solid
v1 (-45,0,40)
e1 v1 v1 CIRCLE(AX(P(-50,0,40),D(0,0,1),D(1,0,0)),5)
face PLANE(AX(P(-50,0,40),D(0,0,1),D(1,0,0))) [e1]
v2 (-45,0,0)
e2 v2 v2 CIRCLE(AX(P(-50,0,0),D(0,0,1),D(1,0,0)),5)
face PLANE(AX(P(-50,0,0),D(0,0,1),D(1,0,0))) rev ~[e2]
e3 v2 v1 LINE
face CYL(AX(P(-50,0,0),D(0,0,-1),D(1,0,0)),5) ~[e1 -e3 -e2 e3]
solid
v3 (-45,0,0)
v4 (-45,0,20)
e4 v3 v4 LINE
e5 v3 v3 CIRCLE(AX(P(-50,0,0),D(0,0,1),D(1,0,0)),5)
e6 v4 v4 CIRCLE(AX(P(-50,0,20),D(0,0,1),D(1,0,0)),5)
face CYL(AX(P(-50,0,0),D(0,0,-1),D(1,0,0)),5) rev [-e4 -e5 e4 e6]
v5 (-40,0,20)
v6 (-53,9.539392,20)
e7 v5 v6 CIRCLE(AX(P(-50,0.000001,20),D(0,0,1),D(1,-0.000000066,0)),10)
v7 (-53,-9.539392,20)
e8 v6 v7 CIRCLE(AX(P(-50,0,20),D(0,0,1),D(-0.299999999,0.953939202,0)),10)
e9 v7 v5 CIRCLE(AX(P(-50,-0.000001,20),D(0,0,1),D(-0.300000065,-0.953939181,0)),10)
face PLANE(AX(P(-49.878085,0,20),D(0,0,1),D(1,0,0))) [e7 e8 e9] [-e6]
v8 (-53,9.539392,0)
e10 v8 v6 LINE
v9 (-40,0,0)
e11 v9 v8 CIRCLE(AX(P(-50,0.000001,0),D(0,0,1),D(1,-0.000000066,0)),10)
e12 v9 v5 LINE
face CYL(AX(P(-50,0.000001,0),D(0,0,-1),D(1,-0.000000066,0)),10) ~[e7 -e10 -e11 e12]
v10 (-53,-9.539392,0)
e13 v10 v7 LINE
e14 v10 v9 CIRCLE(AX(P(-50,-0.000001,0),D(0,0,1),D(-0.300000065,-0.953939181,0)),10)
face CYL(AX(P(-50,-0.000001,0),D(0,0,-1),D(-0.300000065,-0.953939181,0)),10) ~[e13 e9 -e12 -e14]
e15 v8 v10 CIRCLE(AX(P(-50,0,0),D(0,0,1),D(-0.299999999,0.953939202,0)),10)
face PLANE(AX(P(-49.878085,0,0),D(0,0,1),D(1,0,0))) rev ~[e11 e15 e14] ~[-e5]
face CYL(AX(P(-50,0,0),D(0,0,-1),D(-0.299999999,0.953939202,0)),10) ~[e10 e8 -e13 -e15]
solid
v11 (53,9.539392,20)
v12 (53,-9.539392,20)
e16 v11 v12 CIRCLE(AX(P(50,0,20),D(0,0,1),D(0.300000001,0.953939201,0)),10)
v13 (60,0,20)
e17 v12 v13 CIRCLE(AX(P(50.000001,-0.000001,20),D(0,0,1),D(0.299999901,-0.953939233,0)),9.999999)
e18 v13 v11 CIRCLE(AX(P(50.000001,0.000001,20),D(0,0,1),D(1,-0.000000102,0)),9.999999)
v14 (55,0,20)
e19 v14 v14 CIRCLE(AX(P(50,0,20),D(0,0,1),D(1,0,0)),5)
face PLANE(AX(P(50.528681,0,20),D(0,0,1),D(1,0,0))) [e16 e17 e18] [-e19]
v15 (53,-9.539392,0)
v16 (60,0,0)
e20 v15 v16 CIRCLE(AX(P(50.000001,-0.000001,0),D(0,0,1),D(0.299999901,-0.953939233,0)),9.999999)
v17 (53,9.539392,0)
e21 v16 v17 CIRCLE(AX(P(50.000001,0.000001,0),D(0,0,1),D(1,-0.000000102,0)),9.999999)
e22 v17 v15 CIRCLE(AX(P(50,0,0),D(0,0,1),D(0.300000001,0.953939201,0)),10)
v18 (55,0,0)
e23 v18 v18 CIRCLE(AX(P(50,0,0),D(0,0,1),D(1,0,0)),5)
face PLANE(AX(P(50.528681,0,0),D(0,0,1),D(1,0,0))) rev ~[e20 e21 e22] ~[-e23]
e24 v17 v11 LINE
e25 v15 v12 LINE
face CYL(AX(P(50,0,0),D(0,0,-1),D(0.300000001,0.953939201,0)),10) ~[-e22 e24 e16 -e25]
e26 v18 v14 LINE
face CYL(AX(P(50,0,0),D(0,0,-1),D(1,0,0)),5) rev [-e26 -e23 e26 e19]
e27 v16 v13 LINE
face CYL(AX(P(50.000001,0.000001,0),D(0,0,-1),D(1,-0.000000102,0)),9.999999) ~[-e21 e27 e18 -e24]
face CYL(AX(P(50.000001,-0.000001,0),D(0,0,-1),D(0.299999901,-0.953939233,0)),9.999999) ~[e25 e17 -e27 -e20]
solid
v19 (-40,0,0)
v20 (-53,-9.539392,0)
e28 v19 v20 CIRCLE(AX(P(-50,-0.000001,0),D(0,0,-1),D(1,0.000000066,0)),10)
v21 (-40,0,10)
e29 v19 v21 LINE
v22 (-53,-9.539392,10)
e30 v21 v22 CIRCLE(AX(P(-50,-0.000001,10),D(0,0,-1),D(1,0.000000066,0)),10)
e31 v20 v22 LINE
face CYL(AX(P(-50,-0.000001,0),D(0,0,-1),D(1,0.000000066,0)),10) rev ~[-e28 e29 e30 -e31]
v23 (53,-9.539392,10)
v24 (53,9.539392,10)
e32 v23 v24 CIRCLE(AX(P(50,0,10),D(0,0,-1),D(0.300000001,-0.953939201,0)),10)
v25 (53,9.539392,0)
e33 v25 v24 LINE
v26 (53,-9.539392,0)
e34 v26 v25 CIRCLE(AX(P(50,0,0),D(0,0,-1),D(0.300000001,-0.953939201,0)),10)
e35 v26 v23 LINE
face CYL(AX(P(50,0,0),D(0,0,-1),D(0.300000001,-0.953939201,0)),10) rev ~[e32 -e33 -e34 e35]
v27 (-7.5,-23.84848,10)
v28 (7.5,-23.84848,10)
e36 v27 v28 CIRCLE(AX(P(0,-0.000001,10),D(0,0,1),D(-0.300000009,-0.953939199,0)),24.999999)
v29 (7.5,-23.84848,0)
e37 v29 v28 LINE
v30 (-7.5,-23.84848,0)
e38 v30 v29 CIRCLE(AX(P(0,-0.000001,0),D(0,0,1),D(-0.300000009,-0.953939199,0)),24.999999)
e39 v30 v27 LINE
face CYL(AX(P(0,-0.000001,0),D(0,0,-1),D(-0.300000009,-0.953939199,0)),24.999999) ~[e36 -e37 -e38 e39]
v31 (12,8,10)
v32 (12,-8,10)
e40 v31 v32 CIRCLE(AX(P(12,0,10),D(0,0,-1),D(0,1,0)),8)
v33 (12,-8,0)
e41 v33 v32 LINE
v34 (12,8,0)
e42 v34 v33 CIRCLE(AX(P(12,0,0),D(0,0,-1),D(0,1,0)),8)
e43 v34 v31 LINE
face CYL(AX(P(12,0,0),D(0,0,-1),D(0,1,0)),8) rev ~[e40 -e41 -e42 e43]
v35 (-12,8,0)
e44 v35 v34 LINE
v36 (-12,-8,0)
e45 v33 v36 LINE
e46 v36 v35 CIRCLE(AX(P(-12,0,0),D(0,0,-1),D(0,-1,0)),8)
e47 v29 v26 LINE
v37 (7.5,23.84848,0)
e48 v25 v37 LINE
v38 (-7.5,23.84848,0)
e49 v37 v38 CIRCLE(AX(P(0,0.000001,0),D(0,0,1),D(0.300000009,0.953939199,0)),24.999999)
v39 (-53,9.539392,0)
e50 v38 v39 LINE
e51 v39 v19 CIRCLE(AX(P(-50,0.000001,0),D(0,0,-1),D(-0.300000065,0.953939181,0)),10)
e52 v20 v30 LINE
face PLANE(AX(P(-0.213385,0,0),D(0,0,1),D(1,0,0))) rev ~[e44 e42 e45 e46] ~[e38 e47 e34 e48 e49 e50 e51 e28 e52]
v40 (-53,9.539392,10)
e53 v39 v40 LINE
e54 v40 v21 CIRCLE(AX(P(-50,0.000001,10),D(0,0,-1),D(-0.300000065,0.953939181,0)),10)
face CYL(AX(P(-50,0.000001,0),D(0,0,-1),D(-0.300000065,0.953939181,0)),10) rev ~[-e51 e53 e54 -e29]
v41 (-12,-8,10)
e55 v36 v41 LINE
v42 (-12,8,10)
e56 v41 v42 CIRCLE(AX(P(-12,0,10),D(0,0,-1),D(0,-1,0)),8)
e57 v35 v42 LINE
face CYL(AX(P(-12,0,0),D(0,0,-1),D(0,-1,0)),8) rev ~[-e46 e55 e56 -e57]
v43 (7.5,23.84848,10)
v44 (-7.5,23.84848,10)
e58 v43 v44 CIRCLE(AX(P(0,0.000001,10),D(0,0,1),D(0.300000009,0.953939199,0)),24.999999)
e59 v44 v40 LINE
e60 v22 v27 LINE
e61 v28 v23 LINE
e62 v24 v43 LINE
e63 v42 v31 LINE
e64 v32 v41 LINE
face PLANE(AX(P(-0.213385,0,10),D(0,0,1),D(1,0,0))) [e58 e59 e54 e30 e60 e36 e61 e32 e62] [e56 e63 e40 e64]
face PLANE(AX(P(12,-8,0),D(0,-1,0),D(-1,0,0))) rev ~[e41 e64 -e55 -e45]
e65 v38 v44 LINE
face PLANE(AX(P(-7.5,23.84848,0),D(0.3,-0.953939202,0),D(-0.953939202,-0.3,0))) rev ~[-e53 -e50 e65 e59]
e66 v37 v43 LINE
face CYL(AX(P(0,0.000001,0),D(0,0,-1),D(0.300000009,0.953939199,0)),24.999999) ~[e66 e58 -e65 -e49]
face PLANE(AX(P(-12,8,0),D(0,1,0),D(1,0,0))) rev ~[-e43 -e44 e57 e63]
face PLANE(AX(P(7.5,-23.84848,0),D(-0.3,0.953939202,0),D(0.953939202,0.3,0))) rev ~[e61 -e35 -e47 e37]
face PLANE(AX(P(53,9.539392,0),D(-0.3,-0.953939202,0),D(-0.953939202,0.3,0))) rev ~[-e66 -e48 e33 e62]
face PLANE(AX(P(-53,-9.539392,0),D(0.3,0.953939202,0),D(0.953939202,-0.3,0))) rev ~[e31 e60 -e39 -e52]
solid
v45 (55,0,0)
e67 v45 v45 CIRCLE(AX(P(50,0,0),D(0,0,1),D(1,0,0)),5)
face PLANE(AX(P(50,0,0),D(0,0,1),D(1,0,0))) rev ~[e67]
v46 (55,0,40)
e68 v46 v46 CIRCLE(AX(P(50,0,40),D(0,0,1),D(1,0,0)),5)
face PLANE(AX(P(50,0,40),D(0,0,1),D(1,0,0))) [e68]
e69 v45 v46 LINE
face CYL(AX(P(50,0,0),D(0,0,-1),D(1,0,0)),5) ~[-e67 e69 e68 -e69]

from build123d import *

# Parameters (mm, degrees)
F0_R     = 5
F1_DEPTH = 20
F2_DEPTH = 40
F3_DEPTH = 10


with BuildPart() as f1:
    # F0 (on Top) → F1 (new body)
    with BuildSketch(Plane.XY):
        with BuildLine():
            ThreePointArc((-53, 9.539392), (-60, 0), (-53, -9.539392))
            ThreePointArc((-53, -9.539392), (-44.08392, -8.062258), (-40, 0))
            ThreePointArc((-40, 0), (-44.08392, 8.062258), (-53, 9.539392))
        make_face()
        with Locations((-50, 0)):
            Circle(F0_R, mode=Mode.SUBTRACT)
        with BuildLine():
            ThreePointArc((53, 9.539392), (40, 0), (53, -9.539392))
            ThreePointArc((53, -9.539392), (58.062258, -5.91608), (60, 0))
            ThreePointArc((60, 0), (58.062258, 5.91608), (53, 9.539392))
        make_face()
        with Locations((50, 0)):
            Circle(F0_R, mode=Mode.SUBTRACT)
    extrude(amount=F1_DEPTH)


with BuildPart() as f2:
    # F0 (on Top) → F2 (new body)
    with BuildSketch(Plane.XY):
        with Locations((-50, 0)):
            Circle(F0_R)
        with Locations((50, 0)):
            Circle(F0_R)
    extrude(amount=F2_DEPTH)


with BuildPart() as f3:
    # F0 (on Top) → F3 (new body)
    with BuildSketch(Plane.XY):
        with BuildLine():
            Line((-53, -9.539392), (-7.5, -23.84848))
            ThreePointArc((-7.5, -23.84848), (0, -25), (7.5, -23.84848))
            Line((7.5, -23.84848), (53, -9.539392))
            ThreePointArc((53, -9.539392), (40, 0), (53, 9.539392))
            Line((53, 9.539392), (7.5, 23.84848))
            ThreePointArc((7.5, 23.84848), (0, 25), (-7.5, 23.84848))
            Line((-7.5, 23.84848), (-53, 9.539392))
            ThreePointArc((-53, 9.539392), (-44.08392, 8.062258), (-40, 0))
            ThreePointArc((-40, 0), (-44.08392, -8.062258), (-53, -9.539392))
        make_face()
        with BuildLine():
            ThreePointArc((-12, -8), (-20, 0), (-12, 8))
            Line((-12, 8), (12, 8))
            ThreePointArc((12, 8), (20, 0), (12, -8))
            Line((12, -8), (-12, -8))
        make_face(mode=Mode.SUBTRACT)
    extrude(amount=F3_DEPTH)


solid = Compound([f1.part, f2.part, f3.part])
